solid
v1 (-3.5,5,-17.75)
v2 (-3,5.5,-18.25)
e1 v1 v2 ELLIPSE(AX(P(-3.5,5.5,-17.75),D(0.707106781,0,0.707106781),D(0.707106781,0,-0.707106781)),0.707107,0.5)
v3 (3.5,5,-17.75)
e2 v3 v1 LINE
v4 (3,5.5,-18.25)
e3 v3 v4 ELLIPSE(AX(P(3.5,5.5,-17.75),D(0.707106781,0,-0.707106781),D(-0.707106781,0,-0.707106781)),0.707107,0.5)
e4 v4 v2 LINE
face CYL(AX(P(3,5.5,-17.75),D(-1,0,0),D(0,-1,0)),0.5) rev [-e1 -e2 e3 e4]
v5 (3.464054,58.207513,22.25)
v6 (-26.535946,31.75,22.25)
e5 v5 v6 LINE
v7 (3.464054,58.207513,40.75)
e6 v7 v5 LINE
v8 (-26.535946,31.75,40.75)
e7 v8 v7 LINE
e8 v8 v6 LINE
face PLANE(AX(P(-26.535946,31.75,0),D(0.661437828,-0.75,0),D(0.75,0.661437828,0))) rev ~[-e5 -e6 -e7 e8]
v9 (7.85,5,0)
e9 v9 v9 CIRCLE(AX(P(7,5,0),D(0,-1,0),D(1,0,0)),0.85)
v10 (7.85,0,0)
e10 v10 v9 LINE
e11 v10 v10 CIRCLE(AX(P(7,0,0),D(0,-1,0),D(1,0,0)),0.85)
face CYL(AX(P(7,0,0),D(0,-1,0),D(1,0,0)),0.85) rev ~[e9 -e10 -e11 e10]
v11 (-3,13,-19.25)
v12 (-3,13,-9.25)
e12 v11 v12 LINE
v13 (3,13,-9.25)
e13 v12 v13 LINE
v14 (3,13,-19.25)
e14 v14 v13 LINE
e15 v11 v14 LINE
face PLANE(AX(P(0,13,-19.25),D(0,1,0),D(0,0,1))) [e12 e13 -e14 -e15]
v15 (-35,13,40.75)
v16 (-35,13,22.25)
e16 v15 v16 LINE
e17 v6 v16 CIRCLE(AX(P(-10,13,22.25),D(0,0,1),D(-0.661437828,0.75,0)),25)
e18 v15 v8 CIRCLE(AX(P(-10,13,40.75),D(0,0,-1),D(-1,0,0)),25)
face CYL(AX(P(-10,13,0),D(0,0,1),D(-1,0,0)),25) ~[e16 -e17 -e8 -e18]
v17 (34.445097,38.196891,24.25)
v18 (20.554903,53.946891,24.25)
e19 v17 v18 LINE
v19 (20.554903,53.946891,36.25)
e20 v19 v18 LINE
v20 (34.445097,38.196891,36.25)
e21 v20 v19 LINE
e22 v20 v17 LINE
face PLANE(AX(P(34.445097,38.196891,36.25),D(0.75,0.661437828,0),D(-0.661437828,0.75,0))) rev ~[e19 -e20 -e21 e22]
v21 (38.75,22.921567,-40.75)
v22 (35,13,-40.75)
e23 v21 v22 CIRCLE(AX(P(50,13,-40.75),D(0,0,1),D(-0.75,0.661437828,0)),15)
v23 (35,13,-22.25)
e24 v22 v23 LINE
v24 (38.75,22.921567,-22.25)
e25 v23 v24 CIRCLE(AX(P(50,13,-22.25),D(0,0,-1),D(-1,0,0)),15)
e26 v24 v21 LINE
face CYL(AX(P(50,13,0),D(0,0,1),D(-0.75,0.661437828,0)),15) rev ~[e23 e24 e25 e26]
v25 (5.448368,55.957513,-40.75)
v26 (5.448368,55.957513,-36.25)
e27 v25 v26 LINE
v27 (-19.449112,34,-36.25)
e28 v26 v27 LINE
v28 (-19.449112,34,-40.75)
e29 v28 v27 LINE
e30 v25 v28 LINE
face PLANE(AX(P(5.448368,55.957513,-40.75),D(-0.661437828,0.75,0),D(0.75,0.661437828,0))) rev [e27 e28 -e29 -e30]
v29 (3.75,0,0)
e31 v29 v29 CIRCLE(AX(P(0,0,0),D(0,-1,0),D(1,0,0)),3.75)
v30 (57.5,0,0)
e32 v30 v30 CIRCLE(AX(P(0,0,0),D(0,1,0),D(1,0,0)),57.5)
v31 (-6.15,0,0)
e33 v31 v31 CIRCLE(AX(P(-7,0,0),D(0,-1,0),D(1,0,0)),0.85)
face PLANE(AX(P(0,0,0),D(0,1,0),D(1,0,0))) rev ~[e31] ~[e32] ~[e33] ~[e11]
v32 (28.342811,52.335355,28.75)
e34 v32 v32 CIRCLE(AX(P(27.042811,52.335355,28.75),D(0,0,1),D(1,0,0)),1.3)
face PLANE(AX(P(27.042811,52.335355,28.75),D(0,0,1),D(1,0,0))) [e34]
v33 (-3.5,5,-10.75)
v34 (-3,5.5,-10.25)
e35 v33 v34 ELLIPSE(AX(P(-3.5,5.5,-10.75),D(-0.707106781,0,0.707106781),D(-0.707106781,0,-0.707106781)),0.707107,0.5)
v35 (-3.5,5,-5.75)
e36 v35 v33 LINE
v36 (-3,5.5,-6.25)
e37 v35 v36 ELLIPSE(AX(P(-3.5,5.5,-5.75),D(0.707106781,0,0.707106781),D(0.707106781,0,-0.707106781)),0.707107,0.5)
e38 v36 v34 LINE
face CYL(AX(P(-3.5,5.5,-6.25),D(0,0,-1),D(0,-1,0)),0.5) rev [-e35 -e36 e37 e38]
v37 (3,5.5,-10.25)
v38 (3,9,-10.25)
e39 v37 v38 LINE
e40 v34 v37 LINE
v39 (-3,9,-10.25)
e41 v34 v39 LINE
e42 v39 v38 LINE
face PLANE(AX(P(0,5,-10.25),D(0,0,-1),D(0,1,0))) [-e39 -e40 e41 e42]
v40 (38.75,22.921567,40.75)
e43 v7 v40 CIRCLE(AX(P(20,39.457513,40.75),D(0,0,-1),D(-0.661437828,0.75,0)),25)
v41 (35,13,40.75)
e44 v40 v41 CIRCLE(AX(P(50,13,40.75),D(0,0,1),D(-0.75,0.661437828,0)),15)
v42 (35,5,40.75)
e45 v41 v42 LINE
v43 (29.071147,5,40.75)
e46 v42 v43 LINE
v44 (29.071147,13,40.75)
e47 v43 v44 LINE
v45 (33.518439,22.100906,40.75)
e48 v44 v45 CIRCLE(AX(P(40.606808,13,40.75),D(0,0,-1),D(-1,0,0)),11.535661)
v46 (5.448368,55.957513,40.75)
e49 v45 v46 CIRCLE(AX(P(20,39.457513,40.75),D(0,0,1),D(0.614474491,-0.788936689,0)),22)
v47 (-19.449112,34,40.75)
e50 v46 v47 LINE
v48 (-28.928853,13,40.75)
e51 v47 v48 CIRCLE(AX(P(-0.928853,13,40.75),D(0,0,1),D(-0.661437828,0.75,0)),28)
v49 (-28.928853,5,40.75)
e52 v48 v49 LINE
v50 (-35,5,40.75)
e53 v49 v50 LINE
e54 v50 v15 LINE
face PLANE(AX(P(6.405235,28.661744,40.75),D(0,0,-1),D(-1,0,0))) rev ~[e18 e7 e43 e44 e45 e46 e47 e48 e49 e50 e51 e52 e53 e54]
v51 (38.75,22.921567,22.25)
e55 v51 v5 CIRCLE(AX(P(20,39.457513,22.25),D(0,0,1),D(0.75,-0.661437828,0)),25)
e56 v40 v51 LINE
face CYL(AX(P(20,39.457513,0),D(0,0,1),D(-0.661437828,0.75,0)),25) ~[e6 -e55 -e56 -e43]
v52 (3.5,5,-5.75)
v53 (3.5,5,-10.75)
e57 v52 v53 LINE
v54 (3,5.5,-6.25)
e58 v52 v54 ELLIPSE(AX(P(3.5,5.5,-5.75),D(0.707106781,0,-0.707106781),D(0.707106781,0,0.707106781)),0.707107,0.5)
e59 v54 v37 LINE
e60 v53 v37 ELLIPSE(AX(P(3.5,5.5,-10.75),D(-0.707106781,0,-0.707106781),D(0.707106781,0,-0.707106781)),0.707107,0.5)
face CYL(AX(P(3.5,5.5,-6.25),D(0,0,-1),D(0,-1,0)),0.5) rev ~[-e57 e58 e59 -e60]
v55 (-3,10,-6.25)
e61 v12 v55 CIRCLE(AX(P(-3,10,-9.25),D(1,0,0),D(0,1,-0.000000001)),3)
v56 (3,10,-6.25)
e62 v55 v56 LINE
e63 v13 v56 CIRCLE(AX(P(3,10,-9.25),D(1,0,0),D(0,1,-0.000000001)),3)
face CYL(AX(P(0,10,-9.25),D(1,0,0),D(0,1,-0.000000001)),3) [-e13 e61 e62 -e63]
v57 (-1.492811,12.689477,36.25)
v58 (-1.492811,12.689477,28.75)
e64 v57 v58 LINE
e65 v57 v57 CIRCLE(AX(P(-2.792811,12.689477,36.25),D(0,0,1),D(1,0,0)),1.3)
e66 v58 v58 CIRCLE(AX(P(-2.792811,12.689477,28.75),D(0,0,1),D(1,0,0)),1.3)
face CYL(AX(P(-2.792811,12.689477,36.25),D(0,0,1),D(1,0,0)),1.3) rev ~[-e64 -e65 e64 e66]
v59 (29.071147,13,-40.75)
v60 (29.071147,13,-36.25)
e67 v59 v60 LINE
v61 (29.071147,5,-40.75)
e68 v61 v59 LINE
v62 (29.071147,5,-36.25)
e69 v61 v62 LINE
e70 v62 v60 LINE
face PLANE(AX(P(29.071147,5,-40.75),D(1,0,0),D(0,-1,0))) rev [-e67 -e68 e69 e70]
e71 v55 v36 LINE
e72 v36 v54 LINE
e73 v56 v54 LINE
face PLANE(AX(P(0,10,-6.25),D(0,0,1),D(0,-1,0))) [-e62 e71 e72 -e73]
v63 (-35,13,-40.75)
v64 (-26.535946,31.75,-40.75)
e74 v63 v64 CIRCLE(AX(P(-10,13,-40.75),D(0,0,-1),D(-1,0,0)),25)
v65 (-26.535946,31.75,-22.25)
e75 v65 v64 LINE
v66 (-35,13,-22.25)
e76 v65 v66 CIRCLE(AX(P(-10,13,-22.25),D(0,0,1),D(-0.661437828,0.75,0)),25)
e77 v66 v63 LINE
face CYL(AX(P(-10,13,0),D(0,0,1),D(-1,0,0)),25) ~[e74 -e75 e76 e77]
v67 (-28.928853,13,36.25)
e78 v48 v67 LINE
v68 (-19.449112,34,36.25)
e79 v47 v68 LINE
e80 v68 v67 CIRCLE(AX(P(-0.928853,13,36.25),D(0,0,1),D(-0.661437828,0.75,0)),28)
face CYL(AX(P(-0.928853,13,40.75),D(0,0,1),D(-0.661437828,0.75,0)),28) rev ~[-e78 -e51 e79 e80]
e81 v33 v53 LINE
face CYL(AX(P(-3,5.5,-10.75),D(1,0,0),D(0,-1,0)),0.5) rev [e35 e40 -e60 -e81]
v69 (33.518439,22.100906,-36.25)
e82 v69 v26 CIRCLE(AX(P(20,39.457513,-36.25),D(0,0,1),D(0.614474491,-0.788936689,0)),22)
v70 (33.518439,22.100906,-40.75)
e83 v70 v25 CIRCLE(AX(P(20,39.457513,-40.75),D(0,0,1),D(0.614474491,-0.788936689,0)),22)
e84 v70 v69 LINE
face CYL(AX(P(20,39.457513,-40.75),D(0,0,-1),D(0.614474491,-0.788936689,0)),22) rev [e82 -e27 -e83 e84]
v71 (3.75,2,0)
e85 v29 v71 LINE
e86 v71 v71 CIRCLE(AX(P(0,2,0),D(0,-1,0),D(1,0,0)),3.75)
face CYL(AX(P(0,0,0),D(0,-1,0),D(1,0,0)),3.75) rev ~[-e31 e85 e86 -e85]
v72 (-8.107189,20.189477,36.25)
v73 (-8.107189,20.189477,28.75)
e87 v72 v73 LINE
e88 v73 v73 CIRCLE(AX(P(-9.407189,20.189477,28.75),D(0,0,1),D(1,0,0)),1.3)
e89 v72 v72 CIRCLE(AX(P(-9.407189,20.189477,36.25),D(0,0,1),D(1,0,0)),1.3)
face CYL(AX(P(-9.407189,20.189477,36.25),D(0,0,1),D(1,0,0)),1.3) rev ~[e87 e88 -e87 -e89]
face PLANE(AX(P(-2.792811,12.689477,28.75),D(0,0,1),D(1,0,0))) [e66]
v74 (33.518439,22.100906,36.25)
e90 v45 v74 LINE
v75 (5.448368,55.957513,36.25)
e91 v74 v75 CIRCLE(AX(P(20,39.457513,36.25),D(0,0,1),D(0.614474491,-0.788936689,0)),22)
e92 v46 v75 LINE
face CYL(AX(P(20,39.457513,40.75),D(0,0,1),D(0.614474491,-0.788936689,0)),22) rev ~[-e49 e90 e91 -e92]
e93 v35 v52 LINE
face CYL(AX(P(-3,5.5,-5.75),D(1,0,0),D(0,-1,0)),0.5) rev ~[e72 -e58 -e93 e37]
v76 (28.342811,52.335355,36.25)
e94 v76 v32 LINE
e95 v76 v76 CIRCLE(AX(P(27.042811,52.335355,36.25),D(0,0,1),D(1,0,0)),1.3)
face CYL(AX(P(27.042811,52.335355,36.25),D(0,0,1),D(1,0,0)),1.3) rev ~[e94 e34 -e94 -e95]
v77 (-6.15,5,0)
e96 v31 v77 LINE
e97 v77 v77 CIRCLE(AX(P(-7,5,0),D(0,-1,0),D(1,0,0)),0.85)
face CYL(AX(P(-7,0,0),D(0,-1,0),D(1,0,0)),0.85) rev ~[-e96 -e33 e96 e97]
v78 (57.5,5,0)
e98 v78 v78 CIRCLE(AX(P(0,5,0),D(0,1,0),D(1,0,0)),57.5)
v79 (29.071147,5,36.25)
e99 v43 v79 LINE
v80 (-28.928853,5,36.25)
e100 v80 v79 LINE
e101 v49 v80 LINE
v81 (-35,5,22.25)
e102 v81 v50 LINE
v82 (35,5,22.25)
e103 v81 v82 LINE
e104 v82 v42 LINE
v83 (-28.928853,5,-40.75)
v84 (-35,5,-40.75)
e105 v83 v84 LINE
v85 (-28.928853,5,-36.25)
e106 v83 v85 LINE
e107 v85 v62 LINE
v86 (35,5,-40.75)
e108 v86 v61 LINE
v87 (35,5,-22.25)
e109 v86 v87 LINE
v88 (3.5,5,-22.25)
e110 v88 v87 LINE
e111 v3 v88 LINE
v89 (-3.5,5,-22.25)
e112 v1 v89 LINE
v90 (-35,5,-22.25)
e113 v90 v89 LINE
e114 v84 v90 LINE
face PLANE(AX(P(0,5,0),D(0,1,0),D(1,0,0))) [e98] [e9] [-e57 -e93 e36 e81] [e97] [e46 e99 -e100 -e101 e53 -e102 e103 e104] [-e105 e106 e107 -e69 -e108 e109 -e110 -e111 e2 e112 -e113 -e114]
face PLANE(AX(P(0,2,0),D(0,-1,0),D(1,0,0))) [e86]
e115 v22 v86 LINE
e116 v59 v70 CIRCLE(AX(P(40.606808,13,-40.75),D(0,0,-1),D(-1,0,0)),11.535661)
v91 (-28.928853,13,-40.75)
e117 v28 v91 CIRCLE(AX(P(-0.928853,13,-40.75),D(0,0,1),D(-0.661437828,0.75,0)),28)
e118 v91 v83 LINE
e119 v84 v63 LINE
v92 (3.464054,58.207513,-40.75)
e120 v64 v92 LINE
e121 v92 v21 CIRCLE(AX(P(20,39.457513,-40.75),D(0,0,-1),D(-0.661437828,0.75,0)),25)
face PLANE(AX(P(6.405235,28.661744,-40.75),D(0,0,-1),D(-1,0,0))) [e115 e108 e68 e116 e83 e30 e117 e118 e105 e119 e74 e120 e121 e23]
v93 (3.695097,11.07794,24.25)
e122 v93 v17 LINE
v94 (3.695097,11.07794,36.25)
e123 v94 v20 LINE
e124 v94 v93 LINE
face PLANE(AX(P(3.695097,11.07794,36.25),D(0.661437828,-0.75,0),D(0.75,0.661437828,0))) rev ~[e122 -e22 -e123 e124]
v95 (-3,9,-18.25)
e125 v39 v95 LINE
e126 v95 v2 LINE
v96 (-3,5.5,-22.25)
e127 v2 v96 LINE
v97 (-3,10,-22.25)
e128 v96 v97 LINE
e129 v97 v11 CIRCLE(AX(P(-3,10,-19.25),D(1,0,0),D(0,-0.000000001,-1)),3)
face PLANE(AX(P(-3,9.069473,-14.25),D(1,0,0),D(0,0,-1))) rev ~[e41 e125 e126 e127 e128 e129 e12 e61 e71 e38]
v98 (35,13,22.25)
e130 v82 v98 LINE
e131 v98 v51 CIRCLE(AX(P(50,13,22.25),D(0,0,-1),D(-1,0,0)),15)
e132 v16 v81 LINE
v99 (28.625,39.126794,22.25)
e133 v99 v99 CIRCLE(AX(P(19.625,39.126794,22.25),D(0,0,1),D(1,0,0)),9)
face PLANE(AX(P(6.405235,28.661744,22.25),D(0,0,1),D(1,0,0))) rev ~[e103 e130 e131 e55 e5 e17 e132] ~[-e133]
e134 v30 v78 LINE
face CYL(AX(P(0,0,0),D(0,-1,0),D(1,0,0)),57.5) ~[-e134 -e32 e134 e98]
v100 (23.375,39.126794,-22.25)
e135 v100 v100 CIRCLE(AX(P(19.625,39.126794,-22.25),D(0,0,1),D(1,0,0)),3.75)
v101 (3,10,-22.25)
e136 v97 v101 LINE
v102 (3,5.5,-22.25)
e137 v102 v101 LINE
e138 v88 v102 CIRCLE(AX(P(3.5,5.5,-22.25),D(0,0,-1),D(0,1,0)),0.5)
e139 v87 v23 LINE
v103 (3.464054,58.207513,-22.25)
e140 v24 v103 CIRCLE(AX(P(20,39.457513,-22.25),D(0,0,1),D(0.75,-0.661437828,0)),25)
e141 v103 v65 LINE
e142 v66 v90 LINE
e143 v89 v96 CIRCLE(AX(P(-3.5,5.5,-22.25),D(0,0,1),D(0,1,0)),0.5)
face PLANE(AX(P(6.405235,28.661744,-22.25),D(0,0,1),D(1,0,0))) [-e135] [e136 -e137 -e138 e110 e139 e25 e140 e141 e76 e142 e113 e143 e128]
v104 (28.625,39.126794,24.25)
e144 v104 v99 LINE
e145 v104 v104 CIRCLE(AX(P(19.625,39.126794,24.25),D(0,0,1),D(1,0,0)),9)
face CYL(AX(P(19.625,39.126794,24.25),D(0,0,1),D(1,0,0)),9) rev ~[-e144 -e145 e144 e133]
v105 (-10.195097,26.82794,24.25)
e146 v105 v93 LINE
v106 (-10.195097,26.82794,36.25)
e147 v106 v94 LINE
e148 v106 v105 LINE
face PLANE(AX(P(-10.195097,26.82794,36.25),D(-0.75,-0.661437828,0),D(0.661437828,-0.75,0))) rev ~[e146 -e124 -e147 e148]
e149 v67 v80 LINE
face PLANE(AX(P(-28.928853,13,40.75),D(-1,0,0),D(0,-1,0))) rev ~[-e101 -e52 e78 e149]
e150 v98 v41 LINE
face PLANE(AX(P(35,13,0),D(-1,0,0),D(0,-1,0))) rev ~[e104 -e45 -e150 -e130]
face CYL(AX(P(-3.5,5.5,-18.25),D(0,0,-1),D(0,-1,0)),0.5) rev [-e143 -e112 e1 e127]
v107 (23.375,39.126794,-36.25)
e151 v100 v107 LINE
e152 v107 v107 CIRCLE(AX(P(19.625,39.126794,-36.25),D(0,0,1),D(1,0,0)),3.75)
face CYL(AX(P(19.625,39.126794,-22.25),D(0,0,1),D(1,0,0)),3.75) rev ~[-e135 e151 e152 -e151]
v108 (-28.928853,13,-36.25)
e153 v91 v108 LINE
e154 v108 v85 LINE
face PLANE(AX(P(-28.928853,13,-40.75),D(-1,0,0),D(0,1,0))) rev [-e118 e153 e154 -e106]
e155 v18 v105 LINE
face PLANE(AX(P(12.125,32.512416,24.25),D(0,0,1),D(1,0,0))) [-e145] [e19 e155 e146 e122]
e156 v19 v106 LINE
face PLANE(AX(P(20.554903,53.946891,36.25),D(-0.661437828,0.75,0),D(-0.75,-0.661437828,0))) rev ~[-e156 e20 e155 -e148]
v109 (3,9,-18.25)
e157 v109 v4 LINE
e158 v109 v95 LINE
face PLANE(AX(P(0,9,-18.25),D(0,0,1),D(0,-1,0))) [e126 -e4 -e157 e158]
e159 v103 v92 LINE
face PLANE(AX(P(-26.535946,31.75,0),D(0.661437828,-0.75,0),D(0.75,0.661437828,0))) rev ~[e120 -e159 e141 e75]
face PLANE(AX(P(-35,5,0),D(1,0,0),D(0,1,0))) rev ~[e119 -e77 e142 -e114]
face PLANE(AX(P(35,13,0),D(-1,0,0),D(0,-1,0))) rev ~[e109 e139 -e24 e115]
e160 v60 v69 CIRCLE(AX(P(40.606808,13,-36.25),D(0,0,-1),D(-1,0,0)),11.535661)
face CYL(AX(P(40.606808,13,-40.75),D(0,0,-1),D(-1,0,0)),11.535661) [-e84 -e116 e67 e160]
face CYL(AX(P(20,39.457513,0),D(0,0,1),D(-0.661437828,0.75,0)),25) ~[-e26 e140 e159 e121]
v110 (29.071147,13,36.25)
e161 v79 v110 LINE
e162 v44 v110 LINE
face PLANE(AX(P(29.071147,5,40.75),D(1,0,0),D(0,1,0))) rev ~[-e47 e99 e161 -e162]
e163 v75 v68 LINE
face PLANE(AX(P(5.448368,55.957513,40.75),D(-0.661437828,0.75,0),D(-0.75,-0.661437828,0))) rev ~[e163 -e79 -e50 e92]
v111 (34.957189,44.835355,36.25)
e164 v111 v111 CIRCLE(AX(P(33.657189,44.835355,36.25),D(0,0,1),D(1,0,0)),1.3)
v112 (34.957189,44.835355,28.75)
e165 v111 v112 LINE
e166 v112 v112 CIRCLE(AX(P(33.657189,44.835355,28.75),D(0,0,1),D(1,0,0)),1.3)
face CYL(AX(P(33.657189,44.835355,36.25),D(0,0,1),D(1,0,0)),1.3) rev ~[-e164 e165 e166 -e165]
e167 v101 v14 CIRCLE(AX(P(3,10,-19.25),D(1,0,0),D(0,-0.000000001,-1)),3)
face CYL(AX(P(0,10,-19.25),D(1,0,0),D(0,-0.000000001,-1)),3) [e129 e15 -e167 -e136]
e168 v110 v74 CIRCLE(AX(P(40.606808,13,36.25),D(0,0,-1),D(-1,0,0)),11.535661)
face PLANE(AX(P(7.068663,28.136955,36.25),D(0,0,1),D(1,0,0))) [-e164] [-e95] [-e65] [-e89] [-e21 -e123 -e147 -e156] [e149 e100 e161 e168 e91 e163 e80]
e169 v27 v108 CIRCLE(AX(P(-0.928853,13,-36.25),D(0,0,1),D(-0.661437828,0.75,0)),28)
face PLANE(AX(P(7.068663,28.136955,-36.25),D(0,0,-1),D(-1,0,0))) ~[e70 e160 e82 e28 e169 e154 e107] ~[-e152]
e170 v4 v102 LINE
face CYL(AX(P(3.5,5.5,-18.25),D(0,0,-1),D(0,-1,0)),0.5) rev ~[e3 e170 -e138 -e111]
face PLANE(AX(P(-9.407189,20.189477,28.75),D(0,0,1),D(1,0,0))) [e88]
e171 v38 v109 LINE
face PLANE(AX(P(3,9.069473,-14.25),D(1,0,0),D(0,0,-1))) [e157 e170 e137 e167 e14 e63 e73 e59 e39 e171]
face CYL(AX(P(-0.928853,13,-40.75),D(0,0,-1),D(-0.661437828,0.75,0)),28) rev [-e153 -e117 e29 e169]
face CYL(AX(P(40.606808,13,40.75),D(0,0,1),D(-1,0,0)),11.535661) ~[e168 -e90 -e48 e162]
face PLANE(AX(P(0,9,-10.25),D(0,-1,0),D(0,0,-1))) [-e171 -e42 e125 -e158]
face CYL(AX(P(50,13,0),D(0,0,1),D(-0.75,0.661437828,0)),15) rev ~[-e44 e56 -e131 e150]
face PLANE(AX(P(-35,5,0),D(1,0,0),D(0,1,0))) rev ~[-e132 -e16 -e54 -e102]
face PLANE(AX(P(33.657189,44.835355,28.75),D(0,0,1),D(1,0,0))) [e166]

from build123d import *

# Parameters (mm, degrees)
SKETCH1_R           = 57.5
BOSS_EXTRUDE1_DEPTH = 5
BOSS_EXTRUDE2_DEPTH = 40.75
CUT_EXTRUDE1_DEPTH  = 22.25
CUT_EXTRUDE2_DEPTH  = 4.5
CUT_EXTRUDE3_DEPTH  = 12
SKETCH7_R           = 9
CUT_EXTRUDE5_DEPTH  = 2
SKETCH8_R           = 1.3
CUT_EXTRUDE6_DEPTH  = 7.5
SKETCH10_R          = 3.75
CUT_EXTRUDE7_DEPTH  = 14
SKETCH11_R          = 3.75
CUT_EXTRUDE8_DEPTH  = 2
CUT_EXTRUDE9_REACH  = 66.458
SKETCH12_R          = 0.85
BOSS_EXTRUDE3_DEPTH = 3
FILLET1_R           = 0.5


with BuildPart() as part:
    # Sketch1 → Boss-Extrude1 (new body)
    with BuildSketch(Plane(origin=(0, 0, 0), x_dir=(1, 0, 0), z_dir=(0, 1, 0))):
        Circle(SKETCH1_R)
    extrude(amount=BOSS_EXTRUDE1_DEPTH)

    # Sketch2 → Boss-Extrude2 (add, symmetric)
    with BuildSketch(Plane.XY):
        with BuildLine():
            Line((-35, 5), (-35, 13))
            ThreePointArc((-35, 13), (-32.785945694, 23.285945694), (-26.535945694, 31.75))
            Line((-26.535945694, 31.75), (3.464054306, 58.207513111))
            ThreePointArc((3.464054306, 58.207513111), (37.67766953, 57.13518264), (38.75, 22.921567416))
            ThreePointArc((38.75, 22.921567416), (35.9687848, 18.303300859), (35, 13))
            Line((35, 13), (35, 5))
            Line((35, 5), (-35, 5))
        make_face()
    extrude(amount=BOSS_EXTRUDE2_DEPTH, both=True)

    # Sketch4 → Cut-Extrude1 (cut, symmetric)
    with BuildSketch(Plane.XY):
        with BuildLine():
            Line((3.464054306, 58.207513111), (-26.535945694, 31.75))
            ThreePointArc((-26.535945694, 31.75), (-32.785945694, 23.285945694), (-35, 13))
            Line((-35, 13), (-35, 5))
            Line((-35, 5), (35, 5))
            Line((35, 5), (35, 13))
            ThreePointArc((35, 13), (35.9687848, 18.303300859), (38.75, 22.921567416))
            ThreePointArc((38.75, 22.921567416), (37.67766953, 57.13518264), (3.464054306, 58.207513111))
        make_face()
    extrude(amount=CUT_EXTRUDE1_DEPTH, both=True, mode=Mode.SUBTRACT)

    # Sketch5 → Cut-Extrude2 (cut)
    with BuildSketch(Plane.XY.offset(40.75)):
        with BuildLine():
            Line((5.448367789, 55.957513111), (-19.449111825, 34))
            ThreePointArc((-19.449111825, 34), (-26.449111825, 24.520259177), (-28.928852648, 13))
            Line((-28.928852648, 13), (-28.928852648, 5))
            Line((-28.928852648, 5), (29.071147352, 5))
            Line((29.071147352, 5), (29.071147352, 13))
            ThreePointArc((29.071147352, 13), (30.242434209, 18.064703602), (33.518438806, 22.100905947))
            ThreePointArc((33.518438806, 22.100905947), (36.936184172, 53.499082314), (5.448367789, 55.957513111))
        make_face()
    cut_extrude2 = extrude(amount=-CUT_EXTRUDE2_DEPTH, mode=Mode.SUBTRACT)

    # Mirror1: Cut-Extrude2 across plane
    add(cut_extrude2.mirror(Plane.XY), mode=Mode.SUBTRACT)

    # Sketch6 → Cut-Extrude3 (cut)
    with BuildSketch(Plane.XY.offset(36.25)):
        Polygon((20.554902808, 53.946891388), (-10.195097192, 26.82794045), (3.695097192, 11.07794045), (34.445097192, 38.196891388), align=None)
    extrude(amount=-CUT_EXTRUDE3_DEPTH, mode=Mode.SUBTRACT)

    # Sketch7 → Cut-Extrude5 (cut)
    with BuildSketch(Plane.XY.offset(24.25)):
        with Locations((19.625, 39.126794197)):
            Circle(SKETCH7_R)
    extrude(amount=-CUT_EXTRUDE5_DEPTH, mode=Mode.SUBTRACT)

    # Sketch8 → Cut-Extrude6 (cut)
    with BuildSketch(Plane.XY.offset(36.25)):
        with Locations((27.042810861, 52.335355134)):
            Circle(SKETCH8_R)
        with Locations((33.657189139, 44.835355134)):
            Circle(SKETCH8_R)
        with Locations((-9.407189139, 20.189476704)):
            Circle(SKETCH8_R)
        with Locations((-2.792810861, 12.689476704)):
            Circle(SKETCH8_R)
    extrude(amount=-CUT_EXTRUDE6_DEPTH, mode=Mode.SUBTRACT)

    # Sketch10 → Cut-Extrude7 (cut)
    with BuildSketch(Plane.XY.offset(-22.25)):
        with Locations((19.625, 39.126794197)):
            Circle(SKETCH10_R)
    extrude(amount=-CUT_EXTRUDE7_DEPTH, mode=Mode.SUBTRACT)

    # Sketch11 → Cut-Extrude8 (cut)
    with BuildSketch(Plane.XZ):
        Circle(SKETCH11_R)
    extrude(amount=-CUT_EXTRUDE8_DEPTH, mode=Mode.SUBTRACT)

    # Sketch12 → Cut-Extrude9 (cut, up to next)
    with BuildSketch(Plane.XZ, mode=Mode.PRIVATE) as cut_extrude9_sk1:
        with Locations((7, 0)):
            Circle(SKETCH12_R)
    cut_extrude9_tool1 = extrude(cut_extrude9_sk1.sketch, amount=-CUT_EXTRUDE9_REACH, mode=Mode.PRIVATE) & part.part
    add(cut_extrude9_tool1.solids().sort_by_distance((7, 0, 0))[0], mode=Mode.SUBTRACT)
    # Sketch12 → Cut-Extrude9 (cut, up to next)
    with BuildSketch(Plane.XZ, mode=Mode.PRIVATE) as cut_extrude9_sk2:
        with Locations((-7, 0)):
            Circle(SKETCH12_R)
    cut_extrude9_tool2 = extrude(cut_extrude9_sk2.sketch, amount=-CUT_EXTRUDE9_REACH, mode=Mode.PRIVATE) & part.part
    add(cut_extrude9_tool2.solids().sort_by_distance((-7, 0, 0))[0], mode=Mode.SUBTRACT)

    # Sketch13 → Boss-Extrude3 (add, symmetric)
    with BuildSketch(Plane(origin=(0, 0, 0), x_dir=(0, 0, -1), z_dir=(1, 0, 0))):
        with BuildLine():
            Line((22.25, 5), (22.25, 10))
            ThreePointArc((22.25, 10), (21.371320344, 12.121320344), (19.25, 13))
            Line((19.25, 13), (9.25, 13))
            ThreePointArc((9.25, 13), (7.128679656, 12.121320344), (6.25, 10))
            Line((6.25, 10), (6.25, 5))
            Line((6.25, 5), (10.25, 5))
            Line((10.25, 5), (10.25, 9))
            Line((10.25, 9), (18.25, 9))
            Line((18.25, 9), (18.25, 5))
            Line((18.25, 5), (22.25, 5))
        make_face()
    extrude(amount=BOSS_EXTRUDE3_DEPTH, both=True)

    # Fillet1
    fillet1_edges = [part.edges().sort_by_distance(p)[0] for p in [
        (-3, 5, -20.25),
        (0, 5, -18.25),
        (-3, 5, -8.25),
        (0, 5, -6.25),
        (0, 5, -10.25),
        (3, 5, -20.25),
        (3, 5, -8.25),
    ]]
    fillet(fillet1_edges, radius=FILLET1_R)


solid = part.part
